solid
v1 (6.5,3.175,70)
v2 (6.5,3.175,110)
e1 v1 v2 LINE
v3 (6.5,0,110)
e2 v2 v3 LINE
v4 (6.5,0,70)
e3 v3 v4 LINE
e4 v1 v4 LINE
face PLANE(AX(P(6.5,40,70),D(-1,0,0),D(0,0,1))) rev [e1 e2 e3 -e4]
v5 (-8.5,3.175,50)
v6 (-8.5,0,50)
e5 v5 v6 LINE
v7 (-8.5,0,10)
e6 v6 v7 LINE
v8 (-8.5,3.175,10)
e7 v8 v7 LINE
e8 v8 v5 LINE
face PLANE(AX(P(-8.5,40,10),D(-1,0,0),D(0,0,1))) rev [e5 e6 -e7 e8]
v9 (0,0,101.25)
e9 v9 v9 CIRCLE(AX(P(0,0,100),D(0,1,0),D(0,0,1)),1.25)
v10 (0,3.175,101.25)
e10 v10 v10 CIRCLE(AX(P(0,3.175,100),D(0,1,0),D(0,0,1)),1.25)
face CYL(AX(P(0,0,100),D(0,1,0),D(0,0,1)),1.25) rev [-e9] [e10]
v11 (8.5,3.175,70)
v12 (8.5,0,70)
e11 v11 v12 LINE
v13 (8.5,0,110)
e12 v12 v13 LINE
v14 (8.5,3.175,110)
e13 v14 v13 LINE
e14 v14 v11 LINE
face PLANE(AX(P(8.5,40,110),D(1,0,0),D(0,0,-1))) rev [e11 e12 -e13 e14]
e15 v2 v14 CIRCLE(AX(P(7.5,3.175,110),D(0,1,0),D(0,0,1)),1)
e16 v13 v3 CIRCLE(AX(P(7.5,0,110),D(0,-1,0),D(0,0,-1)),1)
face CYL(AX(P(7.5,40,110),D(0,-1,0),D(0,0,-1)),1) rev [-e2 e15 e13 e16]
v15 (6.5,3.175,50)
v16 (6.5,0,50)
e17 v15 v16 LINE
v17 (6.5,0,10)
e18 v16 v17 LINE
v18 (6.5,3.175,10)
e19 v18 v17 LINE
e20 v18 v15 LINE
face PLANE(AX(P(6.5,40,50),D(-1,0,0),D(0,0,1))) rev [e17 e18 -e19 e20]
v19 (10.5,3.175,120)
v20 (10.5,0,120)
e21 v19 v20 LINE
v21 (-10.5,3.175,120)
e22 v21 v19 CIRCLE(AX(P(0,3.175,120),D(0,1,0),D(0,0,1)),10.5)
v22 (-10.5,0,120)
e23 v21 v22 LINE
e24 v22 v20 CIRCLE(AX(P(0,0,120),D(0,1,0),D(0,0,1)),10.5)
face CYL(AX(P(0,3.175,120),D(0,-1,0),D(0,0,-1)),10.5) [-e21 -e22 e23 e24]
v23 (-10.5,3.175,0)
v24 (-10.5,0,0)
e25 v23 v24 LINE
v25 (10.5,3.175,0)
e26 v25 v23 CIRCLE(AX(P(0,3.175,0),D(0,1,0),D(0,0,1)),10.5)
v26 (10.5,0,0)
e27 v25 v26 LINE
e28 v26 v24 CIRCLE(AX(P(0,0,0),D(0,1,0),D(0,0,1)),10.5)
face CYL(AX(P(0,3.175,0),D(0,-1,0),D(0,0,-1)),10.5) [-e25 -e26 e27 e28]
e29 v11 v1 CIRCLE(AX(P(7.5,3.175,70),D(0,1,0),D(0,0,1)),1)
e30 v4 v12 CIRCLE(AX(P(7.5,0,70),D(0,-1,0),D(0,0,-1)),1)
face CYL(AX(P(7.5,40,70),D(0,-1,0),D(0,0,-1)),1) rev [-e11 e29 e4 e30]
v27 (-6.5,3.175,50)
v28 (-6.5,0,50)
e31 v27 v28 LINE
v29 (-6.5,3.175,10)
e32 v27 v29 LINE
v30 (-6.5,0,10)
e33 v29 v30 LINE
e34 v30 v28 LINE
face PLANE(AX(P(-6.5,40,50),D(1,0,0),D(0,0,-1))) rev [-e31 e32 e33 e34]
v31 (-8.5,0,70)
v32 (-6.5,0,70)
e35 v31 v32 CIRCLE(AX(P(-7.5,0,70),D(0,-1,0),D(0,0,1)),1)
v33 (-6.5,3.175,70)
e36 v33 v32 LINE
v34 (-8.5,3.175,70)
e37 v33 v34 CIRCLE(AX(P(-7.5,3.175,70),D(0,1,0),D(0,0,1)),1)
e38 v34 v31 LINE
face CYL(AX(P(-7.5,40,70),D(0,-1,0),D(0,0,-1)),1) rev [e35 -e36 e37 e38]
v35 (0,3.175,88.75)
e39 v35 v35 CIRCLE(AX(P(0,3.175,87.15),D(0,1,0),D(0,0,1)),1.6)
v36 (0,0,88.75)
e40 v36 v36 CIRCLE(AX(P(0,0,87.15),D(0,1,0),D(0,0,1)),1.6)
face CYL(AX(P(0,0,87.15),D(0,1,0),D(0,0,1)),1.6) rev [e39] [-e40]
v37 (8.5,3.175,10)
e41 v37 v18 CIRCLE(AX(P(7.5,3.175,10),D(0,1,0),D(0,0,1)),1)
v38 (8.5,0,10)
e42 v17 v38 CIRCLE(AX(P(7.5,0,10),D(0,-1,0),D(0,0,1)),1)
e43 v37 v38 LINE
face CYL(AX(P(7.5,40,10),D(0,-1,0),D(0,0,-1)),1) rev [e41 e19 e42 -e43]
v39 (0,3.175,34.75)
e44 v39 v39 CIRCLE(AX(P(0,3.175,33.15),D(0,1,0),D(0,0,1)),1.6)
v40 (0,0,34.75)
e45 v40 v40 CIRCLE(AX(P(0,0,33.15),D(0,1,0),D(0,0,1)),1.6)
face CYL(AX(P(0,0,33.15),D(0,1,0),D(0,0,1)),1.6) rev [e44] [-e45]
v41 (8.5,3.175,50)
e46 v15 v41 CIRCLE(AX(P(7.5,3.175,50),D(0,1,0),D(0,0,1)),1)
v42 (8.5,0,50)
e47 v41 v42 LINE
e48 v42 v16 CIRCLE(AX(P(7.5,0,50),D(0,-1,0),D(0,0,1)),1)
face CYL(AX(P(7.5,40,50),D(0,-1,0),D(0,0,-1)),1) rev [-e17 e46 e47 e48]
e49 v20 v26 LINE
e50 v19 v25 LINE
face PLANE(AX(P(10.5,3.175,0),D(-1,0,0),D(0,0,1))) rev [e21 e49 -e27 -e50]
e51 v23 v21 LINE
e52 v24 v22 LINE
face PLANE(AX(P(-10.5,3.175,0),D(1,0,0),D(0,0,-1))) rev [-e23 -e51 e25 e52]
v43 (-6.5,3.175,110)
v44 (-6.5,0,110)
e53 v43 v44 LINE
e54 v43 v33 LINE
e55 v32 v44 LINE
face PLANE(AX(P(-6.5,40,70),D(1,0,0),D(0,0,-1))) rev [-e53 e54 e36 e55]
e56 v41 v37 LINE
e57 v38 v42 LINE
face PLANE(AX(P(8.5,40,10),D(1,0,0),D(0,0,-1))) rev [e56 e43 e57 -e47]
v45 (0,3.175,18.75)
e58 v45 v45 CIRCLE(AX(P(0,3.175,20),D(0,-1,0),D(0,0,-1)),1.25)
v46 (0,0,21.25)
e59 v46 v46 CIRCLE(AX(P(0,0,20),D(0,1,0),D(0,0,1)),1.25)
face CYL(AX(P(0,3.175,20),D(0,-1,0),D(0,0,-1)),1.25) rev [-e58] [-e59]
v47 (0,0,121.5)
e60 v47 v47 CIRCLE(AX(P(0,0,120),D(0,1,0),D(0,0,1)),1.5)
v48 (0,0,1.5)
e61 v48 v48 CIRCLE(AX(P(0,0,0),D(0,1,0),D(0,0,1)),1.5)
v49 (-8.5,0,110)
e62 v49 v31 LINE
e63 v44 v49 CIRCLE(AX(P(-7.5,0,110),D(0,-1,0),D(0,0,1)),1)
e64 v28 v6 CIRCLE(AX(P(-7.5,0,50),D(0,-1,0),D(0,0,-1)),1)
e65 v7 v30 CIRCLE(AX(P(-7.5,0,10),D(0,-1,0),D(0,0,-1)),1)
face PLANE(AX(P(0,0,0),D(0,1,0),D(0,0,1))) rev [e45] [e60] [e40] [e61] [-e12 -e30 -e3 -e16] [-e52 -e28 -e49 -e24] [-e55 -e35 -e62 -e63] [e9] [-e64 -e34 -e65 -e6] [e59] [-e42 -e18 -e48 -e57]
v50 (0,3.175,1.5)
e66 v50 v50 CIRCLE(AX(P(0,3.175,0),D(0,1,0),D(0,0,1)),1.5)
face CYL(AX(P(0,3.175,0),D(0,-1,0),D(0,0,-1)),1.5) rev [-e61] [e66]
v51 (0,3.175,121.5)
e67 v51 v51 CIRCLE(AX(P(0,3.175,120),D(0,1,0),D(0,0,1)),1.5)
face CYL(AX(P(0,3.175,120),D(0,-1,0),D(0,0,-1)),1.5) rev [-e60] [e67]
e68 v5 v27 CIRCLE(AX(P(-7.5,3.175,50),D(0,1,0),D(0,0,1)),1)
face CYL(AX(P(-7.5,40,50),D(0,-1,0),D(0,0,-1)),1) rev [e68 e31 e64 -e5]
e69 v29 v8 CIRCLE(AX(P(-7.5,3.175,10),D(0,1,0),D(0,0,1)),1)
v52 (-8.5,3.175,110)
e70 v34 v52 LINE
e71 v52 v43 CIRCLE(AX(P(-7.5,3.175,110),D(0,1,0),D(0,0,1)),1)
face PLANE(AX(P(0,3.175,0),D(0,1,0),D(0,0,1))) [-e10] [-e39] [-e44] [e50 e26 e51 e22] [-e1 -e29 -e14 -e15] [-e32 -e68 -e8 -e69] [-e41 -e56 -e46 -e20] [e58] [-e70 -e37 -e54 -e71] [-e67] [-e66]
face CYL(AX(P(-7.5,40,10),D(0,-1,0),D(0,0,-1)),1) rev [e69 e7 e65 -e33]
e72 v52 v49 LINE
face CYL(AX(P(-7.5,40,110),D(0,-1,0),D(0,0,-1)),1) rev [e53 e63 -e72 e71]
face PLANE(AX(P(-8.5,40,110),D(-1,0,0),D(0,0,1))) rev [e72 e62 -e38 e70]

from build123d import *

# Parameters (mm, degrees)
SKETCH1_R               = 1.5
BOSS_EXTRUDE1_DEPTH     = 3.175
CUT_EXTRUDE1_DEPTH      = 131.960225355
CUT_EXTRUDE1_DEPTH_BACK = 131.960225355
CUT_EXTRUDE2_DEPTH      = 131.960225355
CUT_EXTRUDE2_DEPTH_BACK = 131.960225355
CUT_EXTRUDE3_DEPTH      = 131.960225355
CUT_EXTRUDE3_DEPTH_BACK = 131.960225355
SKETCH4_R               = 1.6
CUT_EXTRUDE4_DEPTH      = 40


with BuildPart() as part:
    # Sketch1 → Boss-Extrude1 (new body)
    with BuildSketch(Plane(origin=(0, 0, 0), x_dir=(1, 0, 0), z_dir=(0, 1, 0))):
        with BuildLine():
            Line((-10.5, 0), (-10.5, -120))
            ThreePointArc((-10.5, -120), (0, -130.5), (10.5, -120))
            Line((10.5, -120), (10.5, 0))
            ThreePointArc((10.5, 0), (0, 10.5), (-10.5, 0))
        make_face()
        with Locations(Location((0, 0, 0), (0, 0, 270))):
            Circle(SKETCH1_R, mode=Mode.SUBTRACT)
        with Locations(Location((0, -120, 0), (0, 0, 270))):
            Circle(SKETCH1_R, mode=Mode.SUBTRACT)
    extrude(amount=BOSS_EXTRUDE1_DEPTH)

    # Sketch2 → Cut-Extrude1 (cut, two sides: drawn at the far end of the back side and taken through both)
    with BuildSketch(Plane.XZ.offset(-CUT_EXTRUDE1_DEPTH_BACK)):
        with BuildLine():
            ThreePointArc((0, 18.75), (1.25, 20), (0, 21.25))
            ThreePointArc((0, 21.25), (-1.25, 20), (0, 18.75))
        make_face()
    extrude(amount=CUT_EXTRUDE1_DEPTH + CUT_EXTRUDE1_DEPTH_BACK, mode=Mode.SUBTRACT)

    # Sketch3 → Cut-Extrude2 (cut, two sides: drawn at the far end of the back side and taken through both)
    with BuildSketch(Plane(origin=(0, 3.175, 0), x_dir=(1, 0, 0), z_dir=(0, 1, 0)).offset(-CUT_EXTRUDE2_DEPTH_BACK)):
        with BuildLine():
            ThreePointArc((0, -98.75), (-1.25, -100), (0, -101.25))
            ThreePointArc((0, -101.25), (1.25, -100), (0, -98.75))
        make_face()
    extrude(amount=CUT_EXTRUDE2_DEPTH + CUT_EXTRUDE2_DEPTH_BACK, mode=Mode.SUBTRACT)

    # Sketch4 → Cut-Extrude3 (cut, two sides: drawn at the far end of the back side and taken through both)
    with BuildSketch(Plane(origin=(0, 3.175, 0), x_dir=(1, 0, 0), z_dir=(0, 1, 0)).offset(-CUT_EXTRUDE3_DEPTH_BACK)):
        with Locations(Location((0, -33.15, 0), (0, 0, 270))):
            Circle(SKETCH4_R)
        with Locations(Location((0, -87.15, 0), (0, 0, 270))):
            Circle(SKETCH4_R)
    extrude(amount=CUT_EXTRUDE3_DEPTH + CUT_EXTRUDE3_DEPTH_BACK, mode=Mode.SUBTRACT)

    # Sketch5 → Cut-Extrude4 (cut)
    with BuildSketch(Plane.XZ):
        with BuildLine():
            Line((-8.5, 10), (-8.5, 50))
            ThreePointArc((-8.5, 50), (-7.5, 51), (-6.5, 50))
            Line((-6.5, 50), (-6.5, 10))
            ThreePointArc((-6.5, 10), (-7.5, 9), (-8.5, 10))
        make_face()
        with BuildLine():
            Line((6.5, 50), (6.5, 10))
            ThreePointArc((6.5, 10), (7.5, 9), (8.5, 10))
            Line((8.5, 10), (8.5, 50))
            ThreePointArc((8.5, 50), (7.5, 51), (6.5, 50))
        make_face()
        with BuildLine():
            Line((8.5, 110), (8.5, 70))
            ThreePointArc((8.5, 70), (7.5, 69), (6.5, 70))
            Line((6.5, 70), (6.5, 110))
            ThreePointArc((6.5, 110), (7.5, 111), (8.5, 110))
        make_face()
        with BuildLine():
            Line((-6.5, 70), (-6.5, 110))
            ThreePointArc((-6.5, 110), (-7.5, 111), (-8.5, 110))
            Line((-8.5, 110), (-8.5, 70))
            ThreePointArc((-8.5, 70), (-7.5, 69), (-6.5, 70))
        make_face()
    extrude(amount=-CUT_EXTRUDE4_DEPTH, mode=Mode.SUBTRACT)


solid = part.part
